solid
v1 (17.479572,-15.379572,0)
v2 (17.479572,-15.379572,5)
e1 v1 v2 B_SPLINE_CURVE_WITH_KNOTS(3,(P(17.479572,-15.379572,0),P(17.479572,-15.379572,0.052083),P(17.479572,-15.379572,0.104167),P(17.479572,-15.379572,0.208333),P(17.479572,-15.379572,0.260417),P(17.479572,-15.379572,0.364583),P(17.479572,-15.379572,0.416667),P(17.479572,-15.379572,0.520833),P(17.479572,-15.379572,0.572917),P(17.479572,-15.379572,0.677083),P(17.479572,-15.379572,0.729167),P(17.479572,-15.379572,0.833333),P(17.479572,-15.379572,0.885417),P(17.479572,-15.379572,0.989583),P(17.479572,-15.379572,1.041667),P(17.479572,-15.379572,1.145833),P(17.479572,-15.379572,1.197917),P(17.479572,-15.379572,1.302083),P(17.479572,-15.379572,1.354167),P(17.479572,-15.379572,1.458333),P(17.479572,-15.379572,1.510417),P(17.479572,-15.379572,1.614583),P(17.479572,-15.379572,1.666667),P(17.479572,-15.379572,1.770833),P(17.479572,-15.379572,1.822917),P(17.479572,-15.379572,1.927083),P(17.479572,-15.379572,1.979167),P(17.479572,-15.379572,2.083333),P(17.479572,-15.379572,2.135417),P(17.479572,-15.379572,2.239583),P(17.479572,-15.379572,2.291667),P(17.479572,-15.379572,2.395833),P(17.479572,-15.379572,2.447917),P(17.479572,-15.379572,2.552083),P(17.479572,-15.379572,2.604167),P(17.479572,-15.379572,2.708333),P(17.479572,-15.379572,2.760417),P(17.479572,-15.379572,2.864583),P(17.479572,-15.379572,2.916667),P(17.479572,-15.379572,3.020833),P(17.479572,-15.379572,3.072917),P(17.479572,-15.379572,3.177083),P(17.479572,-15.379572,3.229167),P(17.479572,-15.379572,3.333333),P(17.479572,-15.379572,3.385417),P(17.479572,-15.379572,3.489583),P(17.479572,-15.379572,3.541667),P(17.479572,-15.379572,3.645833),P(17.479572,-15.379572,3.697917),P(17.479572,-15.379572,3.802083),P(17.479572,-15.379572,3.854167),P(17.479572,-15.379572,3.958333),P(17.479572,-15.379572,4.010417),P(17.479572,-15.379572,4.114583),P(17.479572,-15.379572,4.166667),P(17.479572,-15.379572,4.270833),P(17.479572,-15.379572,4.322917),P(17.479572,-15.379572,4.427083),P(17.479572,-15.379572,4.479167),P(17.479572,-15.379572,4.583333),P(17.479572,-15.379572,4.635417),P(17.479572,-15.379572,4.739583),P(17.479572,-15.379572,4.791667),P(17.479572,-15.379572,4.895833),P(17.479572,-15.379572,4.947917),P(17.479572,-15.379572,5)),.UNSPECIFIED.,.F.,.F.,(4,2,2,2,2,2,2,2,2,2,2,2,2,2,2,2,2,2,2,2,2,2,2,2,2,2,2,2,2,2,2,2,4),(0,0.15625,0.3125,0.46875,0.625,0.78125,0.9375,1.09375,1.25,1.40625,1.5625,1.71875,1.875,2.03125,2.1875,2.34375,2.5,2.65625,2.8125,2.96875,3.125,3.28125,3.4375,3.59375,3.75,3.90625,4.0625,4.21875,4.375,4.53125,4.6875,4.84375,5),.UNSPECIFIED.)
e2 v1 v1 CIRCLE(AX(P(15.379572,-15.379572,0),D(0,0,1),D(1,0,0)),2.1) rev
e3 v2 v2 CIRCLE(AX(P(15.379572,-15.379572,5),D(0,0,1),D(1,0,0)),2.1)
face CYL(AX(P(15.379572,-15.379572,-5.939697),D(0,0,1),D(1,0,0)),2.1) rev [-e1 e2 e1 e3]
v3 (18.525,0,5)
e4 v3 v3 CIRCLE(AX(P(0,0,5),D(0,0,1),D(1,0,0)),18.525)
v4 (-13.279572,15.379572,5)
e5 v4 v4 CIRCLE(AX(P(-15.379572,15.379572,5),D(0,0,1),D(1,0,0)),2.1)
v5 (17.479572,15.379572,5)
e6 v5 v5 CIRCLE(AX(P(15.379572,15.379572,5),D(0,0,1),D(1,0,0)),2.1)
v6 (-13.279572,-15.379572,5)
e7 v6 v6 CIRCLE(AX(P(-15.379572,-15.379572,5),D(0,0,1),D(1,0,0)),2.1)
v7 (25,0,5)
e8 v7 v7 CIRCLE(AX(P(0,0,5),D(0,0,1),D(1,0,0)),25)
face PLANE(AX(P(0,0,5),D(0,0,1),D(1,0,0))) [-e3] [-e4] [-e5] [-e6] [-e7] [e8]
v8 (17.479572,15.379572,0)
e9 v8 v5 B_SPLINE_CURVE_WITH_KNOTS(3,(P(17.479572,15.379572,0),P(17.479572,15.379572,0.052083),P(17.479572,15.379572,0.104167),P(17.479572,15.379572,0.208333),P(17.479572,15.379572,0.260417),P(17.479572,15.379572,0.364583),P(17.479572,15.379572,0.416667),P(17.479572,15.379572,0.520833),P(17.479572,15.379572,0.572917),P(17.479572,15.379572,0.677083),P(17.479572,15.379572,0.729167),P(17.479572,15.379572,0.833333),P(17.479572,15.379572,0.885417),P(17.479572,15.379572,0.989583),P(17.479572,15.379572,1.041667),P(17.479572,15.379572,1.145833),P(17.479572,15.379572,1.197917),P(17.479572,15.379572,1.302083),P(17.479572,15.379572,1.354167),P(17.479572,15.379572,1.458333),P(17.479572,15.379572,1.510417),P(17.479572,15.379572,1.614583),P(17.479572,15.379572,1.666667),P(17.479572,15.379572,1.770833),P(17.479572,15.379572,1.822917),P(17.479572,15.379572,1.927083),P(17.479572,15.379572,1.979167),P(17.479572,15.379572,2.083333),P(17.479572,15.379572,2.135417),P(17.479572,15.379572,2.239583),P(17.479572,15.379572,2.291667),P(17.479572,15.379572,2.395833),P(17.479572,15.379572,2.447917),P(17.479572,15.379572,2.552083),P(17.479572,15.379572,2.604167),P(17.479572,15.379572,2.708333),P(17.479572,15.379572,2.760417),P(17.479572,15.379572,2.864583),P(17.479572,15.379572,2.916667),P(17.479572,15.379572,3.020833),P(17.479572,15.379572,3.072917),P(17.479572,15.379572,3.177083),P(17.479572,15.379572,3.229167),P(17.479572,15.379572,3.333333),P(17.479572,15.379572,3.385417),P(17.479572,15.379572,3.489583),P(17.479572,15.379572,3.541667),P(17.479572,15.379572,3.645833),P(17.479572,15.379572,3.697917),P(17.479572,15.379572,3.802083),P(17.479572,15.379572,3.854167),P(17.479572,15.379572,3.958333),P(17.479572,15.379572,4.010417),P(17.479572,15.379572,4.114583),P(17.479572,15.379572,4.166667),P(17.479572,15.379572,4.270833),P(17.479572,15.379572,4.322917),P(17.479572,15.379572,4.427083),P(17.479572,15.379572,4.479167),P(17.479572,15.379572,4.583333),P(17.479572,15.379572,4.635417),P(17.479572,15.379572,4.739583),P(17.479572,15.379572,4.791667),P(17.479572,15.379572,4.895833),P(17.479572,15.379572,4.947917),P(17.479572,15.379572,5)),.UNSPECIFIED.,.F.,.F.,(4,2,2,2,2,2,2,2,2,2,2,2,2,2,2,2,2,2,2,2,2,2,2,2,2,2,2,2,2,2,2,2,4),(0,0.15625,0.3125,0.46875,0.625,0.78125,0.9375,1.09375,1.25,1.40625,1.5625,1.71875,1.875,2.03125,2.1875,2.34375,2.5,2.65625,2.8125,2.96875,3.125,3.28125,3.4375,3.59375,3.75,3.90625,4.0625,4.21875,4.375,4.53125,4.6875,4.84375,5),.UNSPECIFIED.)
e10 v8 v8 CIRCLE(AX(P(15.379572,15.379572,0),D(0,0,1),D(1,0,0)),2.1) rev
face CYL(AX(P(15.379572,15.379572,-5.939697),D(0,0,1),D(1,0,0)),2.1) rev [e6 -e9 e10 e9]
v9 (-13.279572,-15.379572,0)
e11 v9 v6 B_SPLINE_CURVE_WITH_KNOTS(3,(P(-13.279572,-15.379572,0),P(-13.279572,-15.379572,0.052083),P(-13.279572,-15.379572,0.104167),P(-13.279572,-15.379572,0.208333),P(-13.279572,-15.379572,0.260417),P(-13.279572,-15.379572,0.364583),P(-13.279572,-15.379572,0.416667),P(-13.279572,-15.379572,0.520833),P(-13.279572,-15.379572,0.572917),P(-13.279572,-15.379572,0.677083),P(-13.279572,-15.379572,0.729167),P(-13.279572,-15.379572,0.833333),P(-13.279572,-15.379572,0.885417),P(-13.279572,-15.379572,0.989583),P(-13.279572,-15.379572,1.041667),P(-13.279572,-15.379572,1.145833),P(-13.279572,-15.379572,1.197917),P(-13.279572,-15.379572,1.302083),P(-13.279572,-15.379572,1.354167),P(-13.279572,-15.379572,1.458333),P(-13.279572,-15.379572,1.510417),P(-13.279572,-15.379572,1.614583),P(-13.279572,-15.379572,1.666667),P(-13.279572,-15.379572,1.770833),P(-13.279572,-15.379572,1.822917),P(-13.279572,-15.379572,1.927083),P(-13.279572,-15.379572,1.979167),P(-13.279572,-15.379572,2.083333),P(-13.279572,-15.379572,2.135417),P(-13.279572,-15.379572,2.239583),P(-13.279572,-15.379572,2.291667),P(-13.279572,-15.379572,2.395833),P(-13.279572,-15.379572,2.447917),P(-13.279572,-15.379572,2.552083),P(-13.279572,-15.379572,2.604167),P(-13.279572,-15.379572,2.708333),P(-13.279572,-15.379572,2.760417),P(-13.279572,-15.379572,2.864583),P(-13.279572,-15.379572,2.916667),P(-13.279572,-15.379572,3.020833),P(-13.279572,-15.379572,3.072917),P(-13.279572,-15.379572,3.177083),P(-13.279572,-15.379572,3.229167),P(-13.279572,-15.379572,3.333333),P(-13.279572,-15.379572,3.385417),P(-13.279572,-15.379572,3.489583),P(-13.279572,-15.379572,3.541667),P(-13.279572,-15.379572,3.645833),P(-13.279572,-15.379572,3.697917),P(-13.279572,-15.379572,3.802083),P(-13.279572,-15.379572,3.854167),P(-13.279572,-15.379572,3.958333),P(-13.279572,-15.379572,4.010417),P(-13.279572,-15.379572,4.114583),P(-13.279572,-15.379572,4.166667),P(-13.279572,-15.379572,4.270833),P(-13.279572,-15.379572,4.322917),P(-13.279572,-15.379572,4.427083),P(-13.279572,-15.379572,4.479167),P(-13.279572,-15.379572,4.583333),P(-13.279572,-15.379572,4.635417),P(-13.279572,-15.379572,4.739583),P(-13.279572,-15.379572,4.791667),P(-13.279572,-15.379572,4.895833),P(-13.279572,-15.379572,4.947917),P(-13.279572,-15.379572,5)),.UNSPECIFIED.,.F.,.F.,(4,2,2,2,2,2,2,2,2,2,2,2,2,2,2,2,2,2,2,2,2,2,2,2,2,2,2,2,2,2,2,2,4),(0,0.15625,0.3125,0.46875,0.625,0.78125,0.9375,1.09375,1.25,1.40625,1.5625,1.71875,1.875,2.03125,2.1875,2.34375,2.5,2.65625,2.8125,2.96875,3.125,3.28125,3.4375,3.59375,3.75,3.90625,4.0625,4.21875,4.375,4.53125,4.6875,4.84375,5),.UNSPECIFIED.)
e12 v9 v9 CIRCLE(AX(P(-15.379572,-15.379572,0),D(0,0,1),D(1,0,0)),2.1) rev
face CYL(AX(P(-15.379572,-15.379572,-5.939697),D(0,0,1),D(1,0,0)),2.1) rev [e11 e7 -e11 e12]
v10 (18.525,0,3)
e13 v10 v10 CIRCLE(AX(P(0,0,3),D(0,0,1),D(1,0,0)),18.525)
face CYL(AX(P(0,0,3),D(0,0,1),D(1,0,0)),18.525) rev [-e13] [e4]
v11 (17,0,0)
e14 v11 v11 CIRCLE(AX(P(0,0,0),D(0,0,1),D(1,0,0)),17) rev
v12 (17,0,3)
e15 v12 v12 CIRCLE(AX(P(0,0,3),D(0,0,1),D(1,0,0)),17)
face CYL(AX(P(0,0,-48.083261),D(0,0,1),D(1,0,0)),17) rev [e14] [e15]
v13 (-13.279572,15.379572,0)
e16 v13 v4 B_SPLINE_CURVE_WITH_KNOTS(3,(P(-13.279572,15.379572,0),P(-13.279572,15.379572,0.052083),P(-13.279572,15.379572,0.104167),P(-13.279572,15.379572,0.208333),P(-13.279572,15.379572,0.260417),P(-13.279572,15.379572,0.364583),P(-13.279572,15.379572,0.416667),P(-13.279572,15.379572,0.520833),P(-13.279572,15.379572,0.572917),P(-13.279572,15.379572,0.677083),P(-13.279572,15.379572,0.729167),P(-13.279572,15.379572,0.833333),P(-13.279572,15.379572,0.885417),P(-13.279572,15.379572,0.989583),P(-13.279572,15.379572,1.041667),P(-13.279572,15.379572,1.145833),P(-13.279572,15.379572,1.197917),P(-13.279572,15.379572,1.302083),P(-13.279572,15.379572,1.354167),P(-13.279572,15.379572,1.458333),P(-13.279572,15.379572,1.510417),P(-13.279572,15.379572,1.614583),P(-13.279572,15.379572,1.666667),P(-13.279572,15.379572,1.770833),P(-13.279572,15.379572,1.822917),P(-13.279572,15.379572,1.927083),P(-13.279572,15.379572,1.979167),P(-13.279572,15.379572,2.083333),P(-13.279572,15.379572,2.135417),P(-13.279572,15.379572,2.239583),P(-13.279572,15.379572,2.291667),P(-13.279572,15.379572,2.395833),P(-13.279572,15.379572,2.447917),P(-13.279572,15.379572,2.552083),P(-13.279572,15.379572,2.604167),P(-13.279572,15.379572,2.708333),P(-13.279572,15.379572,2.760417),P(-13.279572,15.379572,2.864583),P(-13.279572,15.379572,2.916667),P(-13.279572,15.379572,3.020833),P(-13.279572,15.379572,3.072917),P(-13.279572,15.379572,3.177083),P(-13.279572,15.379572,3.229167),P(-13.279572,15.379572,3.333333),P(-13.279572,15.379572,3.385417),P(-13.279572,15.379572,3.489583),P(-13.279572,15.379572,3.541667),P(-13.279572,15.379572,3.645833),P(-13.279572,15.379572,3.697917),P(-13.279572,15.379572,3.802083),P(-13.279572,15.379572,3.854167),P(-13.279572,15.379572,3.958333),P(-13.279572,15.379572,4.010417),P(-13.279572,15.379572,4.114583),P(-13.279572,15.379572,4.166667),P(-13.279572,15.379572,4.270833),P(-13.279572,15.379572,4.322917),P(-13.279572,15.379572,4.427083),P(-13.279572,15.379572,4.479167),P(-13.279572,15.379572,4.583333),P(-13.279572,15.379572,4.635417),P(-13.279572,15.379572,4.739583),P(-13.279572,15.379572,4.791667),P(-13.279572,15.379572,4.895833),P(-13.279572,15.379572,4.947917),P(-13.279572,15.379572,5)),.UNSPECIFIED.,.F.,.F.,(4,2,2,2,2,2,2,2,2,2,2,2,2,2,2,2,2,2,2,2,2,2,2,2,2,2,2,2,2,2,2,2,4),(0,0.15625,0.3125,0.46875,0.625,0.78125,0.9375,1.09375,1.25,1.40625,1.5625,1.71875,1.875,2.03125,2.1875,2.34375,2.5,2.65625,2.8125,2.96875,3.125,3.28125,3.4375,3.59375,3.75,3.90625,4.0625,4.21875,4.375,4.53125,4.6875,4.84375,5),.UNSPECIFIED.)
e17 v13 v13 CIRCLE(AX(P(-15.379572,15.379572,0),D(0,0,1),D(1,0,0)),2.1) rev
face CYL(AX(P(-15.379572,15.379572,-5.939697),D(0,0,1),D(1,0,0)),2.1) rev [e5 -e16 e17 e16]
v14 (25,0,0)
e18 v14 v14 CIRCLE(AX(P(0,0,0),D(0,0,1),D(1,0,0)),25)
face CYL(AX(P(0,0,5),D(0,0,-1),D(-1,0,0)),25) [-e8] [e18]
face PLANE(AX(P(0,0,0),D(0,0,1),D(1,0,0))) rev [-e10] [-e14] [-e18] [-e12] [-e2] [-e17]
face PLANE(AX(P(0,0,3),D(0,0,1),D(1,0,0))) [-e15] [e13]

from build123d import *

# Parameters (mm, degrees)
SKETCH_1_R          = 25
EXTRUDE_1_DEPTH     = 5
SKETCH_2_R          = 18.525
CUT_EXTRUDE_1_DEPTH = 2
SKETCH_3_R          = 17
CUT_EXTRUDE_2_DEPTH = 3
SKETCH_4_R          = 2.1
CUT_EXTRUDE_3_DEPTH = 5


with BuildPart() as part:
    # ｽｹｯﾁ1 → ﾎﾞｽ - 押し出し1 (new body)
    with BuildSketch(Plane.XY):
        Circle(SKETCH_1_R)
    extrude(amount=EXTRUDE_1_DEPTH)

    # ｽｹｯﾁ2 → ｶｯﾄ - 押し出し1 (cut)
    with BuildSketch(Plane.XY.offset(5)):
        Circle(SKETCH_2_R)
    extrude(amount=-CUT_EXTRUDE_1_DEPTH, mode=Mode.SUBTRACT)

    # ｽｹｯﾁ3 → ｶｯﾄ - 押し出し2 (cut)
    with BuildSketch(Plane.XY.offset(3)):
        Circle(SKETCH_3_R)
    extrude(amount=-CUT_EXTRUDE_2_DEPTH, mode=Mode.SUBTRACT)

    # ｽｹｯﾁ4 → ｶｯﾄ - 押し出し3 (cut)
    with BuildSketch(Plane.XY.offset(5)):
        with Locations((15.379572491, 15.379572491)):
            Circle(SKETCH_4_R)
        with Locations((15.379572491, -15.379572491)):
            Circle(SKETCH_4_R)
        with Locations((-15.379572491, -15.379572491)):
            Circle(SKETCH_4_R)
        with Locations((-15.379572491, 15.379572491)):
            Circle(SKETCH_4_R)
    extrude(amount=-CUT_EXTRUDE_3_DEPTH, mode=Mode.SUBTRACT)


solid = part.part
